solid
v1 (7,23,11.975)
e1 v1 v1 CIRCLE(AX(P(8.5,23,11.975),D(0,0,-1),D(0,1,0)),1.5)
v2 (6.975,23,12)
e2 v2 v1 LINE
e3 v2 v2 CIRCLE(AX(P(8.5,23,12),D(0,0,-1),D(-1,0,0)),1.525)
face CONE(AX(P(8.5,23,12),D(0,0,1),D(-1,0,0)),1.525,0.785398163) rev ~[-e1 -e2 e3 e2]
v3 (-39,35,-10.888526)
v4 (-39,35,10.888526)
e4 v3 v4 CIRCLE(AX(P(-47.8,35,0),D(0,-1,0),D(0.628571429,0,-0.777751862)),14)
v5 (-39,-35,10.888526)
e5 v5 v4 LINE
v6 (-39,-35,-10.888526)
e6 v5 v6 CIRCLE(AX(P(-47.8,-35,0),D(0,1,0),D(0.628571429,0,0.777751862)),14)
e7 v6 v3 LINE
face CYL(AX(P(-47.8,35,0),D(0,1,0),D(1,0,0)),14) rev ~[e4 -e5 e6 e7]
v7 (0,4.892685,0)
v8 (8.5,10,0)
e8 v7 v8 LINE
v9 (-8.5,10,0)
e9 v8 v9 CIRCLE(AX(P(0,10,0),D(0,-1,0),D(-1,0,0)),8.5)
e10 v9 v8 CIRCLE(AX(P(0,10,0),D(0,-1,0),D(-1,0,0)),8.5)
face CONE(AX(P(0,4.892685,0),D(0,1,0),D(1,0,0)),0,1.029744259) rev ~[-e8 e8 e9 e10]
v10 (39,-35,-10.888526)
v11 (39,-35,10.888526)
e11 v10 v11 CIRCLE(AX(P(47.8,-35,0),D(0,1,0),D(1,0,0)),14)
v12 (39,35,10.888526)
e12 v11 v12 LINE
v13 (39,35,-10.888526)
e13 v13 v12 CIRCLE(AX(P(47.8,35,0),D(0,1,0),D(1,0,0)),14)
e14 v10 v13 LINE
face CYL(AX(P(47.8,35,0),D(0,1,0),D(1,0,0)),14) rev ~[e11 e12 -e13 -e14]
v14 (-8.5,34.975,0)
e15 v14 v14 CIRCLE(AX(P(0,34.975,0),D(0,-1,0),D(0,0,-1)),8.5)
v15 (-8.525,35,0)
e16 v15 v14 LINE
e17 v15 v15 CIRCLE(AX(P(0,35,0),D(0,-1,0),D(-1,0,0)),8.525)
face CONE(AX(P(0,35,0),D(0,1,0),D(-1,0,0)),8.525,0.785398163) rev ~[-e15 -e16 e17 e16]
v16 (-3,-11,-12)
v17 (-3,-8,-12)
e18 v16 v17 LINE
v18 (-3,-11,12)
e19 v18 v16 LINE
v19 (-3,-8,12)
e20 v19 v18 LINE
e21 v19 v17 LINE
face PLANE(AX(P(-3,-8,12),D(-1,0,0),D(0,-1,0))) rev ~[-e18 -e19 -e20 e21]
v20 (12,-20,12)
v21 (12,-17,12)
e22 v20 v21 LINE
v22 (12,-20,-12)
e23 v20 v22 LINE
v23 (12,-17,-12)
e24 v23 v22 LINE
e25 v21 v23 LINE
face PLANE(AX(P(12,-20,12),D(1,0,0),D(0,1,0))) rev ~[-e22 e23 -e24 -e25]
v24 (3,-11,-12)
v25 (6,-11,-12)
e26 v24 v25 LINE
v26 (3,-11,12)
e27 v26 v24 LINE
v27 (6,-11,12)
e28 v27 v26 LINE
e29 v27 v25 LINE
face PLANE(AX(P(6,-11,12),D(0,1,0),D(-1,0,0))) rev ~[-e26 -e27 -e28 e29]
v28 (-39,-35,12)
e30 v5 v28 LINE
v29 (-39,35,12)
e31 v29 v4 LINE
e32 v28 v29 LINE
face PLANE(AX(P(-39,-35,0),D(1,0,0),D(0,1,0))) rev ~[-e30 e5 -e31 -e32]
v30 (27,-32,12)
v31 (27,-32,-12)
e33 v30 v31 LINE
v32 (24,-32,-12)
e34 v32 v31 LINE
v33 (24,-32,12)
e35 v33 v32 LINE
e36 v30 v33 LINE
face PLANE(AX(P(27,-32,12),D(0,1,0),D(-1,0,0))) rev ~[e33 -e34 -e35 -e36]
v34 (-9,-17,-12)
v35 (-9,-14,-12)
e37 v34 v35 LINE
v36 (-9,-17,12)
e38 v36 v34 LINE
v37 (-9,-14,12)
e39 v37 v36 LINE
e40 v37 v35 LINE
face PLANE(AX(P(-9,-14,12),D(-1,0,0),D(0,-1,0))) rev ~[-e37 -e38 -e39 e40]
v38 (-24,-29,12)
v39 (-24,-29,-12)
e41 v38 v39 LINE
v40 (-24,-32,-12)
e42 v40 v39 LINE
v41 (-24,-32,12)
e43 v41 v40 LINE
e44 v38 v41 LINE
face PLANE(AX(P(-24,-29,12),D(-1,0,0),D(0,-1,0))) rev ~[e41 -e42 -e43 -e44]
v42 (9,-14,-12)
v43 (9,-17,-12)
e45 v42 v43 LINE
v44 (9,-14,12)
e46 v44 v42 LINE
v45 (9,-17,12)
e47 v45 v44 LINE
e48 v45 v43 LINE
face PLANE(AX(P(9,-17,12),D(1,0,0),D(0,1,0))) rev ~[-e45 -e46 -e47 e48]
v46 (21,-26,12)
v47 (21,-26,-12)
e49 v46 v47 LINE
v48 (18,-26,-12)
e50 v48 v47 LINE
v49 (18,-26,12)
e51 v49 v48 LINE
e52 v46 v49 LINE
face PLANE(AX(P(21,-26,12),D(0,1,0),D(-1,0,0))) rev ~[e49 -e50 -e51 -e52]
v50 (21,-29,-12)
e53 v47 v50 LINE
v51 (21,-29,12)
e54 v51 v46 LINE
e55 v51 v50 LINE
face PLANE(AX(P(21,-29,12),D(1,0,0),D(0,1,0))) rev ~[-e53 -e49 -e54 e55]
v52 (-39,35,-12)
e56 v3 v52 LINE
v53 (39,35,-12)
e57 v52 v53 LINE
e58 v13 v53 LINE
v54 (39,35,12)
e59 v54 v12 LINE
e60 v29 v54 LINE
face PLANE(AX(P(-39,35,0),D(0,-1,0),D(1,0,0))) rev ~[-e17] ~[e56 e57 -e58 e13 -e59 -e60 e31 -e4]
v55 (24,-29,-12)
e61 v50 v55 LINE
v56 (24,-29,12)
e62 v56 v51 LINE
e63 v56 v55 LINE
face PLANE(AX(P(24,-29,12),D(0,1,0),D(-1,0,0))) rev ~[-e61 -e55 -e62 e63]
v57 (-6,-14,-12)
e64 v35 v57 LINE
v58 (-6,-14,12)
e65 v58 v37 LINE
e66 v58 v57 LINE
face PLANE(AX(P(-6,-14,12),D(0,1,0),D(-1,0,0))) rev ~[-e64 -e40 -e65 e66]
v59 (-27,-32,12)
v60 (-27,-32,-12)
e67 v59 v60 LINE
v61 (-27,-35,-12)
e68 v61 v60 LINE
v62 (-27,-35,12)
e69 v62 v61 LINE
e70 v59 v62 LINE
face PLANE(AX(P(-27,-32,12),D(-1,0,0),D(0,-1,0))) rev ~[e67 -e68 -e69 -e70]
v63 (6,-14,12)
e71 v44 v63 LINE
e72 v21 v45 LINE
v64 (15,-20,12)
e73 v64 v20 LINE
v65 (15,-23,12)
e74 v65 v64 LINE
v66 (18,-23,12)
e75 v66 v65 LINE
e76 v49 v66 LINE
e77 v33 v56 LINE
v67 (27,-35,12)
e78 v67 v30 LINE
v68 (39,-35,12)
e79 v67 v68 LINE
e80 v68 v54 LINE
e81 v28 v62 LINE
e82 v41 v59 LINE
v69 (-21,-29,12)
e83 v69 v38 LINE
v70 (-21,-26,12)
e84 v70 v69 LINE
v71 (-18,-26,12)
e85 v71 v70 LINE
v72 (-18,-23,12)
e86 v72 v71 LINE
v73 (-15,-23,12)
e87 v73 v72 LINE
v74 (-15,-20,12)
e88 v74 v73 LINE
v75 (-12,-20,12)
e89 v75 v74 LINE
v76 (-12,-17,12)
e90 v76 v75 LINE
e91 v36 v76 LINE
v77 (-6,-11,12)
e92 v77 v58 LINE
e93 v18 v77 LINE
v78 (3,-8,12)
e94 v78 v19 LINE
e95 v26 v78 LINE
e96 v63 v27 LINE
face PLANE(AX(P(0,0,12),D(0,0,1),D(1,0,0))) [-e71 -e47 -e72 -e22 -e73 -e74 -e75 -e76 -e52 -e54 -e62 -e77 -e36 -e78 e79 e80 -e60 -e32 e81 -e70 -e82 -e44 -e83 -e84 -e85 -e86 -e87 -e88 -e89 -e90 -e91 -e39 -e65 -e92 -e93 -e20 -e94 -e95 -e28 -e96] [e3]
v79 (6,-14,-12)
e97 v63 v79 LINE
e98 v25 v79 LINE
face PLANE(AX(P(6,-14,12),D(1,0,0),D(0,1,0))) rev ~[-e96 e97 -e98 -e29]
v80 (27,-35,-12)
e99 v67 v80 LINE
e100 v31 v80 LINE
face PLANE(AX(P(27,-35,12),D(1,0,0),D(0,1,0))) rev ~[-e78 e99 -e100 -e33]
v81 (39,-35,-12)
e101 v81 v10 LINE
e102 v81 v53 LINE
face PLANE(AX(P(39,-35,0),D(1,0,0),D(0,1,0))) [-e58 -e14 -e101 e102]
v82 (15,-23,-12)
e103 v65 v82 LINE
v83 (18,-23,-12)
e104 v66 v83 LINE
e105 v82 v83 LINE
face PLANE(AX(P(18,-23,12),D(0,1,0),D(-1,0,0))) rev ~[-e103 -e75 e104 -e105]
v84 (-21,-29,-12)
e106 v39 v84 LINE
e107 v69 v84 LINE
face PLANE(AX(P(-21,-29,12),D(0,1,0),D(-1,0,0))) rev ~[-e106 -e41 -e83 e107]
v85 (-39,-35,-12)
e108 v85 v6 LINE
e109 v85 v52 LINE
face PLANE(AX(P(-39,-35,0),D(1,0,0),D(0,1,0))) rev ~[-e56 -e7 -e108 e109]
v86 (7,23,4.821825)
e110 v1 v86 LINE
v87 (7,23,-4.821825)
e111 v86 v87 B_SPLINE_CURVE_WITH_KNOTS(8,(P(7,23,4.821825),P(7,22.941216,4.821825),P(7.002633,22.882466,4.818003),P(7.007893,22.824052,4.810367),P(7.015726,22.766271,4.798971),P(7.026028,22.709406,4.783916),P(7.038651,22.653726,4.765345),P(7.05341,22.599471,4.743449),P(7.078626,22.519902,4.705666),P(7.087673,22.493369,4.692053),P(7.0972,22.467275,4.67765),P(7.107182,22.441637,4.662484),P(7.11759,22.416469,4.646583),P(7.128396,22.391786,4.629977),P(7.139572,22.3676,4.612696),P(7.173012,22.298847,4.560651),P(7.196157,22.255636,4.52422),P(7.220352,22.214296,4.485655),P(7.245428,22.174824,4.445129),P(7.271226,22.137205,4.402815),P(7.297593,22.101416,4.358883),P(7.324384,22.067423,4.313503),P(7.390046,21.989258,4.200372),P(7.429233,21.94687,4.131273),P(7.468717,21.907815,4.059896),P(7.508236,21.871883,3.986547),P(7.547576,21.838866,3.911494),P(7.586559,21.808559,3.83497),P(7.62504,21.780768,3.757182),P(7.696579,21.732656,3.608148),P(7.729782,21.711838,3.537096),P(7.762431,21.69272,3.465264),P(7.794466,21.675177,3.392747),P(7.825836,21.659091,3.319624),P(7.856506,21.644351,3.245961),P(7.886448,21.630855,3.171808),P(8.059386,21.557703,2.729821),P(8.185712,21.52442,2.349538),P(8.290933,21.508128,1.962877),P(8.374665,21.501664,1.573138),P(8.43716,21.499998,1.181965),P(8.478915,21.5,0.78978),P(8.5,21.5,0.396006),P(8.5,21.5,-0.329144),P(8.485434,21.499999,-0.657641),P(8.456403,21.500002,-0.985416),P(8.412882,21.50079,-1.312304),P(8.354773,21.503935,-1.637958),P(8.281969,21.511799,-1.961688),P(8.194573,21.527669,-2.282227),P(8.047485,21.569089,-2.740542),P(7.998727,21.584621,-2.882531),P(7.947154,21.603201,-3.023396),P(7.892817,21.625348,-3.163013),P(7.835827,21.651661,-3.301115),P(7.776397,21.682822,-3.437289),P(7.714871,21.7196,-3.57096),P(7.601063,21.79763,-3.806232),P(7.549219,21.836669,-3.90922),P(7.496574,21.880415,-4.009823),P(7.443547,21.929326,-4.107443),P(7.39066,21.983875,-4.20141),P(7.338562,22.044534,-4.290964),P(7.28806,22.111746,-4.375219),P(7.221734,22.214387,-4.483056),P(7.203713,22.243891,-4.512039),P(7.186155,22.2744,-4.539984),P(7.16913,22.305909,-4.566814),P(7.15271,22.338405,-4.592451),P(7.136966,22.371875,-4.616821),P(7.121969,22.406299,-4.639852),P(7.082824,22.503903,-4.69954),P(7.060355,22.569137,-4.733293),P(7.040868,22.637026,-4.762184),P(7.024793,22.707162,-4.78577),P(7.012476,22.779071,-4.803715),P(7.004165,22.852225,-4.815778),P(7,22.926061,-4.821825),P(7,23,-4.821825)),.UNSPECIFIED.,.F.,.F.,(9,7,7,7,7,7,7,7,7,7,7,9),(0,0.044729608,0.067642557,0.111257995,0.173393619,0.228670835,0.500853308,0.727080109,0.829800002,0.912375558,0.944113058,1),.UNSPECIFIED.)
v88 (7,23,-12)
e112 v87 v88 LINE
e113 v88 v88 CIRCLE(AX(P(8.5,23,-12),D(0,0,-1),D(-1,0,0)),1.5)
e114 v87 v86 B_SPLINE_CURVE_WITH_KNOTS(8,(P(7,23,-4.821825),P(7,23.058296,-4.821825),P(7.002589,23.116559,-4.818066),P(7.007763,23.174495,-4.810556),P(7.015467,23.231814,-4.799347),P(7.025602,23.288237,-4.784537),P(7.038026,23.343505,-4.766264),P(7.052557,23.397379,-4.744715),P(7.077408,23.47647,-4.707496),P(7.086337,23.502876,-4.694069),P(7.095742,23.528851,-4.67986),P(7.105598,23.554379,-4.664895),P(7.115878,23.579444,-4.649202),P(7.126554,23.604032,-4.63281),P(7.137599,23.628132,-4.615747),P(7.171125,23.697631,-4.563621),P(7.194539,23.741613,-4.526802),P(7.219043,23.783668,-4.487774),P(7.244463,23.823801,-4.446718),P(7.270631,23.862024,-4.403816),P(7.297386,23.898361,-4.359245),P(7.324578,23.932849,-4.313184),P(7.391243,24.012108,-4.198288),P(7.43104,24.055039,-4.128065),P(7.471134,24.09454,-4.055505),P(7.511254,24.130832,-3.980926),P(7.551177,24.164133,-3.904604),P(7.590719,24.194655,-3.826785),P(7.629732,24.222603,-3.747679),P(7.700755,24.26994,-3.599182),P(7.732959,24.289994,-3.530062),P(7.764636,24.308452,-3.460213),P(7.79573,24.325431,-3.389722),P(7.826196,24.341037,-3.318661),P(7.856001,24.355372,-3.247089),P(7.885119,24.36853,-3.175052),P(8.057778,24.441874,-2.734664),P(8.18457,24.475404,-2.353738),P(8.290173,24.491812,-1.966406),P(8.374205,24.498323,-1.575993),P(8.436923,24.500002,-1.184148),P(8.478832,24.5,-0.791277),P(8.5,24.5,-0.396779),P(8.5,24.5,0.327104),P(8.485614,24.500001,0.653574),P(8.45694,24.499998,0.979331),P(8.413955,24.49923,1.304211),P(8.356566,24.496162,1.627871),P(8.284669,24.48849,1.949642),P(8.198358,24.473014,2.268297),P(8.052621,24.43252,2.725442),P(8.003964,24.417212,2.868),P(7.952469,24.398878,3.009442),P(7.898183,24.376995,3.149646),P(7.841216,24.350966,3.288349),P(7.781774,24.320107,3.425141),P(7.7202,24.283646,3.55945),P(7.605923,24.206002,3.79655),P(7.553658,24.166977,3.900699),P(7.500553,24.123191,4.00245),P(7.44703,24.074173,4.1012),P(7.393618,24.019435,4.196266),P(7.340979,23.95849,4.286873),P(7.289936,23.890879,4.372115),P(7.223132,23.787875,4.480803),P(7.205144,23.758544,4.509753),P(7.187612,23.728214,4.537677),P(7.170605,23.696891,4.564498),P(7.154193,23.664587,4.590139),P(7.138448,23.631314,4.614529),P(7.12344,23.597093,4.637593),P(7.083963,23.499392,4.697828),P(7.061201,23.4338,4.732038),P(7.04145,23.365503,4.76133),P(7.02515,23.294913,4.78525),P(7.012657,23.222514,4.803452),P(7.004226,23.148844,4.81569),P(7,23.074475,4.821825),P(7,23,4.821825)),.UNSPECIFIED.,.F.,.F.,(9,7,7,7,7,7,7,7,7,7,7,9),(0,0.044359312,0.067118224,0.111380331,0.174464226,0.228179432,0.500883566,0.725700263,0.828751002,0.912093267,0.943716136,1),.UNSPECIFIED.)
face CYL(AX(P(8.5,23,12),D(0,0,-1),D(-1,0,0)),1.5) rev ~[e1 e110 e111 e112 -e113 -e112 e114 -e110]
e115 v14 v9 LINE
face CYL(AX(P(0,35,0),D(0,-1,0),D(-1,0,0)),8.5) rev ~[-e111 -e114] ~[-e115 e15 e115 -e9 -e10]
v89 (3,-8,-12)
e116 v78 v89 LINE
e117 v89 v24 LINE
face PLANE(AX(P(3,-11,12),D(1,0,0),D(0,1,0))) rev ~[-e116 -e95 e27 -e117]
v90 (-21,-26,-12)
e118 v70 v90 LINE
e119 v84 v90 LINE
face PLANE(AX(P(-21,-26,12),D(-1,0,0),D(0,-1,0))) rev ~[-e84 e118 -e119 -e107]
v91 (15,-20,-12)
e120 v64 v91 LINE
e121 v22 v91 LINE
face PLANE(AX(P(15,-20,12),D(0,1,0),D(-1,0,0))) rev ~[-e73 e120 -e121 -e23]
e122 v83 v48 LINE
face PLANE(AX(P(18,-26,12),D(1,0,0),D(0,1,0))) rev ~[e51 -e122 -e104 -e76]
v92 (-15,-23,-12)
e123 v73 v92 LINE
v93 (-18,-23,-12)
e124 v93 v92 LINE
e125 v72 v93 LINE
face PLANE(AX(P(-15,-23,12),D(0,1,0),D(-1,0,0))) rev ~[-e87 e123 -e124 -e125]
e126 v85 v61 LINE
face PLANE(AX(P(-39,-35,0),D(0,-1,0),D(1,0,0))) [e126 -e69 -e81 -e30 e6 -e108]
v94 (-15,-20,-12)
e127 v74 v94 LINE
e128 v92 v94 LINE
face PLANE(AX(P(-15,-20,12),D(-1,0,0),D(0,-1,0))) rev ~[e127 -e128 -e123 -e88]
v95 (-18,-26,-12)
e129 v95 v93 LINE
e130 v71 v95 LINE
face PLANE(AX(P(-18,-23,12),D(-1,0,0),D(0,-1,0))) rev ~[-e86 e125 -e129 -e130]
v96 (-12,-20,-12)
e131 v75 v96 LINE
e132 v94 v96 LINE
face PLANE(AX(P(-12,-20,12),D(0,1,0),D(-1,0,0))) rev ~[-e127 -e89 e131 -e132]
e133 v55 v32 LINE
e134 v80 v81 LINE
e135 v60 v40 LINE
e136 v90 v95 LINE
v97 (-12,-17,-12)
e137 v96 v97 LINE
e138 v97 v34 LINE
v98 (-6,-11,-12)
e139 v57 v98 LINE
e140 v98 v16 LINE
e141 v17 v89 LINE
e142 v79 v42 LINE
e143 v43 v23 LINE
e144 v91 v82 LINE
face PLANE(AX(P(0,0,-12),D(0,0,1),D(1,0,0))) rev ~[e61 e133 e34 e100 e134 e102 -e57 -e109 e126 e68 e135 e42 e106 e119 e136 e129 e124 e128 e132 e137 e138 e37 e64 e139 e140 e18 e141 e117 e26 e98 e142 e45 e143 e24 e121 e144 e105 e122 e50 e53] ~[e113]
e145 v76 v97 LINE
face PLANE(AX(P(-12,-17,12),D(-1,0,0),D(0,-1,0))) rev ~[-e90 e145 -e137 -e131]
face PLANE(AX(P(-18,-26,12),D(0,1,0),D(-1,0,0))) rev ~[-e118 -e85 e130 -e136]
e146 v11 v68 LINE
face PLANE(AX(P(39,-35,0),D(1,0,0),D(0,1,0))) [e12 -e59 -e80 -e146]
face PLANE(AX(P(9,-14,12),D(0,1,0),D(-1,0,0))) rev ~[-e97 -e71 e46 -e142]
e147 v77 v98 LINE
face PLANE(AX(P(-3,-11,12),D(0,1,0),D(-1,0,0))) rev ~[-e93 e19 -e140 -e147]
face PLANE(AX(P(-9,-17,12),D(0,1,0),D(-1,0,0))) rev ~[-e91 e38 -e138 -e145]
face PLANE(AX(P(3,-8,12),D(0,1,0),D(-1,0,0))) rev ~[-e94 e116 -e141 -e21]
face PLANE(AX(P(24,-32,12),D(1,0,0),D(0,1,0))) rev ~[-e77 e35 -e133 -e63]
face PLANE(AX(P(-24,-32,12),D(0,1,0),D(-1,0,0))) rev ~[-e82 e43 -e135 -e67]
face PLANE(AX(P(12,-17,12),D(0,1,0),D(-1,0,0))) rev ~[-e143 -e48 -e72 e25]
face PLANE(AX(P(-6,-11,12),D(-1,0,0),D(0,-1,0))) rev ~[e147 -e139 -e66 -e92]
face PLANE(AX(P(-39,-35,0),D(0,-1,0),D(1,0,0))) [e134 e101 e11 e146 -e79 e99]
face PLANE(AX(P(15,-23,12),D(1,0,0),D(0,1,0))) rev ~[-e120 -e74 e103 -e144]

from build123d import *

# Parameters (mm, degrees)
SKETCH1_W                            = 78
SKETCH1_H                            = 70
BOSS_EXTRUDE1_DEPTH                  = 12
F_17_0_17_DIAMETER_HOLE1_D           = 17
F_17_0_17_DIAMETER_HOLE1_DEPTH       = 25
F_17_0_17_DIAMETER_HOLE1_CSINK_D     = 17.05
F_17_0_17_DIAMETER_HOLE1_CSINK_ANGLE = 90
F_17_0_17_DIAMETER_HOLE1_TIP         = 5.107315262
F_3_0_3_DIAMETER_HOLE2_D             = 3
F_3_0_3_DIAMETER_HOLE2_CSINK_D       = 3.05
F_3_0_3_DIAMETER_HOLE2_CSINK_ANGLE   = 90
CUT_EXTRUDE1_REACH                   = 83.025
SKETCH11_R                           = 14
CUT_EXTRUDE2_REACH                   = 59.637


with BuildPart() as part:
    # Sketch1 → Boss-Extrude1 (new, symmetric)
    with BuildSketch(Plane.XY):
        Rectangle(SKETCH1_W, SKETCH1_H)
    extrude(amount=BOSS_EXTRUDE1_DEPTH, both=True)

    # Ø17.0 (17) Diameter Hole1
    with Locations(Plane(origin=(0, 35, 0), x_dir=(1, 0, 0), z_dir=(0, 1, 0))):
        with Locations((0, 0)):
            CounterSinkHole(F_17_0_17_DIAMETER_HOLE1_D / 2, F_17_0_17_DIAMETER_HOLE1_CSINK_D / 2, depth=F_17_0_17_DIAMETER_HOLE1_DEPTH, counter_sink_angle=F_17_0_17_DIAMETER_HOLE1_CSINK_ANGLE)
            with Locations((0, 0, -(F_17_0_17_DIAMETER_HOLE1_DEPTH + F_17_0_17_DIAMETER_HOLE1_TIP / 2))):  # 118° drill point
                Cone(0, F_17_0_17_DIAMETER_HOLE1_D / 2, F_17_0_17_DIAMETER_HOLE1_TIP, mode=Mode.SUBTRACT)

    # Ø3.0 (3) Diameter Hole2 (through all)
    with Locations(Plane.XY.offset(12)):
        with Locations((8.5, 23)):
            CounterSinkHole(F_3_0_3_DIAMETER_HOLE2_D / 2, F_3_0_3_DIAMETER_HOLE2_CSINK_D / 2, counter_sink_angle=F_3_0_3_DIAMETER_HOLE2_CSINK_ANGLE)

    # Sketch11 → Cut-Extrude1 (cut, up to next)
    with BuildSketch(Plane(origin=(0, 35, 0), x_dir=(1, 0, 0), z_dir=(0, 1, 0)), mode=Mode.PRIVATE) as cut_extrude1_sk1:
        with Locations((-47.8, 0)):
            Circle(SKETCH11_R)
    cut_extrude1_tool1 = extrude(cut_extrude1_sk1.sketch, amount=-CUT_EXTRUDE1_REACH, mode=Mode.PRIVATE) & part.part
    # Sketch11 → Cut-Extrude1 (cut, up to next)
    with BuildSketch(Plane(origin=(0, 35, 0), x_dir=(1, 0, 0), z_dir=(0, 1, 0)), mode=Mode.PRIVATE) as cut_extrude1_sk2:
        with Locations((47.8, 0)):
            Circle(SKETCH11_R)
    cut_extrude1_tool2 = extrude(cut_extrude1_sk2.sketch, amount=-CUT_EXTRUDE1_REACH, mode=Mode.PRIVATE) & part.part
    add(cut_extrude1_tool1.solids().sort_by_distance((-47.8, 35, 0))[0], mode=Mode.SUBTRACT)
    add(cut_extrude1_tool2.solids().sort_by_distance((47.8, 35, 0))[0], mode=Mode.SUBTRACT)

    # Sketch12 → Cut-Extrude2 (cut, up to next)
    with BuildSketch(Plane.XY.offset(12), mode=Mode.PRIVATE) as cut_extrude2_sk1:
        Polygon((27, -35), (27, -32), (24, -32), (24, -29), (21, -29), (21, -26), (18, -26), (18, -23), (15, -23), (15, -20), (12, -20), (12, -17), (9, -17), (9, -14), (6, -14), (6, -11), (3, -11), (3, -8), (-3, -8), (-3, -11), (-6, -11), (-6, -14), (-9, -14), (-9, -17), (-12, -17), (-12, -20), (-15, -20), (-15, -23), (-18, -23), (-18, -26), (-21, -26), (-21, -29), (-24, -29), (-24, -32), (-27, -32), (-27, -35), align=None)
    cut_extrude2_tool1 = extrude(cut_extrude2_sk1.sketch, amount=-CUT_EXTRUDE2_REACH, mode=Mode.PRIVATE) & part.part
    add(cut_extrude2_tool1.solids().sort_by_distance((0, -25.5, 12))[0], mode=Mode.SUBTRACT)


solid = part.part
